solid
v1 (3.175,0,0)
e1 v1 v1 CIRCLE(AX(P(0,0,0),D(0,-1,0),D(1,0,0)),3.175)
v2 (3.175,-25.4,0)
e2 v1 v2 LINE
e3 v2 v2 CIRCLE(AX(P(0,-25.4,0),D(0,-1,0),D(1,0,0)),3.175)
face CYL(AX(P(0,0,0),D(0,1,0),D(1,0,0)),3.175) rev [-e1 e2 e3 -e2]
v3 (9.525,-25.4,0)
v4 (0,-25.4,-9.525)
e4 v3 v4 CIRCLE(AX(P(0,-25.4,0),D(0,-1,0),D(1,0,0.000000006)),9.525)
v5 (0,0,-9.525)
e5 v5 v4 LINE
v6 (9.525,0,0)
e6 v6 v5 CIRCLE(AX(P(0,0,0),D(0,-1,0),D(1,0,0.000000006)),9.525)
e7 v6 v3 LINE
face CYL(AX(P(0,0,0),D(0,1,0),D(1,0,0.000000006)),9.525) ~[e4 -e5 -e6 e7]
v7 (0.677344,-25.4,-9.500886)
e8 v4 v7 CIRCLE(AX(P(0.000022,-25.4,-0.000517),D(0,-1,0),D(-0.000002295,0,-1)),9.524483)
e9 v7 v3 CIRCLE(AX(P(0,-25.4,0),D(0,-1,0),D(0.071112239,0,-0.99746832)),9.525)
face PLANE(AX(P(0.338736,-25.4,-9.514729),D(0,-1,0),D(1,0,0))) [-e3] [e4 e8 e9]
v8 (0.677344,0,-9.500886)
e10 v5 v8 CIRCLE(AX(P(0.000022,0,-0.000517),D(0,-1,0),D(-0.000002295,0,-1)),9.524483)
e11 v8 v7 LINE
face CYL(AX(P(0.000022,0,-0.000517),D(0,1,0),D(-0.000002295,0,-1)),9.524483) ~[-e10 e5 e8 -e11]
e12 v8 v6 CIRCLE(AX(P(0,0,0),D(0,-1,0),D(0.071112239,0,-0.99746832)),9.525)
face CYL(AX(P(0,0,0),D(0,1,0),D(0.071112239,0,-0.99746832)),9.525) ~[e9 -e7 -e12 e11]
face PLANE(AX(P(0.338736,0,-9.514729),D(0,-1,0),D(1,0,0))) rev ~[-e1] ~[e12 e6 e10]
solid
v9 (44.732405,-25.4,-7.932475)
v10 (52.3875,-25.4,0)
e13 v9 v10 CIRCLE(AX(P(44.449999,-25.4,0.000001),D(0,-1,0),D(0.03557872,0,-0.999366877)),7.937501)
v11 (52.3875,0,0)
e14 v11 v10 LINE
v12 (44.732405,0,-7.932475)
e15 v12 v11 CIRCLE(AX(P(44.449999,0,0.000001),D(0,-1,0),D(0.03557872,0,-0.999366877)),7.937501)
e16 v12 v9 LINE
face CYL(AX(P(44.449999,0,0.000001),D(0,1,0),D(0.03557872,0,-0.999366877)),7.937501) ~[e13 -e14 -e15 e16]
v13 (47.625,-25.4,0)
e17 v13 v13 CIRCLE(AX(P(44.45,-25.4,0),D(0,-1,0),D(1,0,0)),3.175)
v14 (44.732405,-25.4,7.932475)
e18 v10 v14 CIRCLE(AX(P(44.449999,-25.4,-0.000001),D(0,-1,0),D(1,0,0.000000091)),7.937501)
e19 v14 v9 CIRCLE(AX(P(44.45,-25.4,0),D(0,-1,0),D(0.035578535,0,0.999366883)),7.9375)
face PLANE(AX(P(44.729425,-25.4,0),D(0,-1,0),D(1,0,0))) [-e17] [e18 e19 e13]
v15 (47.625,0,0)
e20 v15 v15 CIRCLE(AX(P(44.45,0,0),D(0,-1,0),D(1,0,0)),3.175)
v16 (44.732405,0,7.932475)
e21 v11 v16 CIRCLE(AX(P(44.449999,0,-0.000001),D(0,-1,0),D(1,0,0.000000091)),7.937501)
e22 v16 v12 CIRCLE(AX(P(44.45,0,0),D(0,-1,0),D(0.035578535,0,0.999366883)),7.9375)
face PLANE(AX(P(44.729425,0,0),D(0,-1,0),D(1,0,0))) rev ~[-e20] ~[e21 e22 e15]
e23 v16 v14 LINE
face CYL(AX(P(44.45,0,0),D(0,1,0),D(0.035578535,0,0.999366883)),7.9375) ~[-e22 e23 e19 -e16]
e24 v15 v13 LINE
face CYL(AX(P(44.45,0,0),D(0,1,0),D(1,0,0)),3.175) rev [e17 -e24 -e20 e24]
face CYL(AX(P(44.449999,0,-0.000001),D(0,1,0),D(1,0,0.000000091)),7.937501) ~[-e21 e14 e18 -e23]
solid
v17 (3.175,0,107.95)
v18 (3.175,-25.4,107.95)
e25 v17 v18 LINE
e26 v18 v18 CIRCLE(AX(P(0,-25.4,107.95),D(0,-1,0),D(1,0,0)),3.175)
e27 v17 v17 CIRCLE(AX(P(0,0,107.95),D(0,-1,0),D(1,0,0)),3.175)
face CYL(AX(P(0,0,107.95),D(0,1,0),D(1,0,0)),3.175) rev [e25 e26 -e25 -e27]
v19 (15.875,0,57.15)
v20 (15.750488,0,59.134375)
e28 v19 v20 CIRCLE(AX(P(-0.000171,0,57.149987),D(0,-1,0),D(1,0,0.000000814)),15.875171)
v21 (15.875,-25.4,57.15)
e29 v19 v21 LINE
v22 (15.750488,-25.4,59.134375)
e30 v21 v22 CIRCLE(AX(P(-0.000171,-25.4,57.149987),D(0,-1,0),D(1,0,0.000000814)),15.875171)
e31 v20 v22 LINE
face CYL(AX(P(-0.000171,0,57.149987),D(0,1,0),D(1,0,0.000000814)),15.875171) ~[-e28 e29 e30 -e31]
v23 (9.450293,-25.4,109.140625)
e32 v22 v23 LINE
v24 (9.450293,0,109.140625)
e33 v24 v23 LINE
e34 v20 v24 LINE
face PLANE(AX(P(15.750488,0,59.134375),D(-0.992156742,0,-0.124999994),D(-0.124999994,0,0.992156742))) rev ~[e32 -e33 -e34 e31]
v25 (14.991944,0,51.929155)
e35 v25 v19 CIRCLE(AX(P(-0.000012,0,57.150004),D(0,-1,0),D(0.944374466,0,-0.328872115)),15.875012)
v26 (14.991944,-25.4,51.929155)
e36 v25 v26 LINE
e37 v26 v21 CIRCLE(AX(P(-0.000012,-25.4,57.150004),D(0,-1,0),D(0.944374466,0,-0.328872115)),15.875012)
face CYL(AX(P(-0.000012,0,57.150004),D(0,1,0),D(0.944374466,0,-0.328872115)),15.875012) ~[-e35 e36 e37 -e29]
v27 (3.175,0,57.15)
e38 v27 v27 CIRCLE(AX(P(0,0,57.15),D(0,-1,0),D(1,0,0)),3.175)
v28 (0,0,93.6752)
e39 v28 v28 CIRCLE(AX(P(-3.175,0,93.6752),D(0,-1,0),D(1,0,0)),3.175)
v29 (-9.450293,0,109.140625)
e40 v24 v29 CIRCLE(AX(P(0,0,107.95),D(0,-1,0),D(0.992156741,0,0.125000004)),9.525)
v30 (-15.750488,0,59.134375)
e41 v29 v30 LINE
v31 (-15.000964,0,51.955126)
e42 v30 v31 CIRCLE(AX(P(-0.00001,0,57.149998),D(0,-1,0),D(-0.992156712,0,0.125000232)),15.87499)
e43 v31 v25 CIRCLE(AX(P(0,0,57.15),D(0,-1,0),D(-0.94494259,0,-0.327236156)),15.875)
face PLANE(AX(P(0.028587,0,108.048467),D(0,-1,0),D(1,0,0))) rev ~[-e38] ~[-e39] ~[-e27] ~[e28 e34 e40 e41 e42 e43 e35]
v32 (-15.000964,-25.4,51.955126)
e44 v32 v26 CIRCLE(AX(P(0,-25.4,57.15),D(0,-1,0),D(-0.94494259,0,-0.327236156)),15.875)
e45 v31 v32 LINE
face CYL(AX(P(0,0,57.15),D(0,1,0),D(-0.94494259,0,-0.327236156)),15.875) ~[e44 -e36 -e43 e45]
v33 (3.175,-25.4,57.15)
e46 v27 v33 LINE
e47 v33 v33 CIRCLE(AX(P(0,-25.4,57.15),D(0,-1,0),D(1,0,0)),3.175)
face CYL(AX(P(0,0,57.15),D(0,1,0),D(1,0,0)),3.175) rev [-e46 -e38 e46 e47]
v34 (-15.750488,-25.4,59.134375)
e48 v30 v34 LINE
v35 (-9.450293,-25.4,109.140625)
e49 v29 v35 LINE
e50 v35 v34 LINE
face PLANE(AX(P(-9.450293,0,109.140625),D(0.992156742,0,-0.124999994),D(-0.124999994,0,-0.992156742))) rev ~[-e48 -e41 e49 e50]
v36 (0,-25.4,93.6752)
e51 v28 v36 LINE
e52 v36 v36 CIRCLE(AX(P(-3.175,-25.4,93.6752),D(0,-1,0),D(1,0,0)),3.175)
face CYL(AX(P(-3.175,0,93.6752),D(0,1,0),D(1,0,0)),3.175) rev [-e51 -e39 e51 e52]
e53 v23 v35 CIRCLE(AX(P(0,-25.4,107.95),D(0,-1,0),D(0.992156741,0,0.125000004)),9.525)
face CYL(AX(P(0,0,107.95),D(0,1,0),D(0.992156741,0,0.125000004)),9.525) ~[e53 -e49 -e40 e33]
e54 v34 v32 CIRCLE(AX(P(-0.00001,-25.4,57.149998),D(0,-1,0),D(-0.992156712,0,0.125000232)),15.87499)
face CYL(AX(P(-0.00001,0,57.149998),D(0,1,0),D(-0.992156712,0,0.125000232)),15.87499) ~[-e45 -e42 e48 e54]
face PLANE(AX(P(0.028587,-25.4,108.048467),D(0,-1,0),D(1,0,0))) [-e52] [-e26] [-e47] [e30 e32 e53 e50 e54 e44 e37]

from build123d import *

# Parameters (mm, degrees)
F0_R     = 3.175
F1_DEPTH = 25.4


with BuildPart() as f1:
    # F0 (on Front) → F1 (new body)
    with BuildSketch(Plane.XZ):
        with BuildLine():
            ThreePointArc((-9.450293, 109.140625), (-0.596483, 98.443695), (9.525, 107.95))
            ThreePointArc((9.525, 107.95), (9.506305, 108.546483), (9.450293, 109.140625))
            ThreePointArc((9.450293, 109.140625), (0, 117.475), (-9.450293, 109.140625))
        make_face()
        with Locations((0, 107.95)):
            Circle(F0_R, mode=Mode.SUBTRACT)
        with BuildLine():
            ThreePointArc((9.450293, 109.140625), (9.506305, 108.546483), (9.525, 107.95))
            ThreePointArc((9.525, 107.95), (-0.596483, 98.443695), (-9.450293, 109.140625))
            Line((-9.450293, 109.140625), (-15.750488, 59.134375))
            ThreePointArc((-15.750488, 59.134375), (0, 73.025), (15.750488, 59.134375))
            Line((15.750488, 59.134375), (9.450293, 109.140625))
        make_face()
        with Locations((-3.175, 93.6752)):
            Circle(F0_R, mode=Mode.SUBTRACT)
        with BuildLine():
            ThreePointArc((0, -9.525), (0.338886, -9.51897), (0.677344, -9.500886))
            Line((0.677344, -9.500886), (0, -9.525))
        make_face()
        with BuildLine():
            Line((0, -9.525), (0.677344, -9.500886))
            ThreePointArc((0.677344, -9.500886), (6.970557, -6.491299), (9.525, 0))
            ThreePointArc((9.525, 0), (-6.735192, 6.735192), (0, -9.525))
        make_face()
        Circle(F0_R, mode=Mode.SUBTRACT)
        with BuildLine():
            ThreePointArc((52.3875, 0), (50.161633, 5.51191), (44.732405, 7.932475))
            ThreePointArc((44.732405, 7.932475), (36.5125, 0), (44.732405, -7.932475))
            ThreePointArc((44.732405, -7.932475), (50.161633, -5.51191), (52.3875, 0))
        make_face()
        with Locations((44.45, 0)):
            Circle(F0_R, mode=Mode.SUBTRACT)
        with BuildLine():
            Line((14.991944, 51.929155), (15.750488, 59.134375))
            ThreePointArc((15.750488, 59.134375), (0, 73.025), (-15.750488, 59.134375))
            Line((-15.750488, 59.134375), (-15.000964, 51.955126))
            ThreePointArc((-15.000964, 51.955126), (-0.013747, 41.275006), (14.991944, 51.929155))
        make_face()
        with Locations((0, 57.15)):
            Circle(F0_R, mode=Mode.SUBTRACT)
        with BuildLine():
            ThreePointArc((15.875, 57.15), (15.843841, 58.144139), (15.750488, 59.134375))
            Line((15.750488, 59.134375), (14.991944, 51.929155))
            ThreePointArc((14.991944, 51.929155), (15.652679, 54.502501), (15.875, 57.15))
        make_face()
        with BuildLine():
            Line((-15.000964, 51.955126), (-15.750488, 59.134375))
            ThreePointArc((-15.750488, 59.134375), (-15.789185, 55.501585), (-15.000964, 51.955126))
        make_face()
    extrude(amount=F1_DEPTH)


solid = f1.part
